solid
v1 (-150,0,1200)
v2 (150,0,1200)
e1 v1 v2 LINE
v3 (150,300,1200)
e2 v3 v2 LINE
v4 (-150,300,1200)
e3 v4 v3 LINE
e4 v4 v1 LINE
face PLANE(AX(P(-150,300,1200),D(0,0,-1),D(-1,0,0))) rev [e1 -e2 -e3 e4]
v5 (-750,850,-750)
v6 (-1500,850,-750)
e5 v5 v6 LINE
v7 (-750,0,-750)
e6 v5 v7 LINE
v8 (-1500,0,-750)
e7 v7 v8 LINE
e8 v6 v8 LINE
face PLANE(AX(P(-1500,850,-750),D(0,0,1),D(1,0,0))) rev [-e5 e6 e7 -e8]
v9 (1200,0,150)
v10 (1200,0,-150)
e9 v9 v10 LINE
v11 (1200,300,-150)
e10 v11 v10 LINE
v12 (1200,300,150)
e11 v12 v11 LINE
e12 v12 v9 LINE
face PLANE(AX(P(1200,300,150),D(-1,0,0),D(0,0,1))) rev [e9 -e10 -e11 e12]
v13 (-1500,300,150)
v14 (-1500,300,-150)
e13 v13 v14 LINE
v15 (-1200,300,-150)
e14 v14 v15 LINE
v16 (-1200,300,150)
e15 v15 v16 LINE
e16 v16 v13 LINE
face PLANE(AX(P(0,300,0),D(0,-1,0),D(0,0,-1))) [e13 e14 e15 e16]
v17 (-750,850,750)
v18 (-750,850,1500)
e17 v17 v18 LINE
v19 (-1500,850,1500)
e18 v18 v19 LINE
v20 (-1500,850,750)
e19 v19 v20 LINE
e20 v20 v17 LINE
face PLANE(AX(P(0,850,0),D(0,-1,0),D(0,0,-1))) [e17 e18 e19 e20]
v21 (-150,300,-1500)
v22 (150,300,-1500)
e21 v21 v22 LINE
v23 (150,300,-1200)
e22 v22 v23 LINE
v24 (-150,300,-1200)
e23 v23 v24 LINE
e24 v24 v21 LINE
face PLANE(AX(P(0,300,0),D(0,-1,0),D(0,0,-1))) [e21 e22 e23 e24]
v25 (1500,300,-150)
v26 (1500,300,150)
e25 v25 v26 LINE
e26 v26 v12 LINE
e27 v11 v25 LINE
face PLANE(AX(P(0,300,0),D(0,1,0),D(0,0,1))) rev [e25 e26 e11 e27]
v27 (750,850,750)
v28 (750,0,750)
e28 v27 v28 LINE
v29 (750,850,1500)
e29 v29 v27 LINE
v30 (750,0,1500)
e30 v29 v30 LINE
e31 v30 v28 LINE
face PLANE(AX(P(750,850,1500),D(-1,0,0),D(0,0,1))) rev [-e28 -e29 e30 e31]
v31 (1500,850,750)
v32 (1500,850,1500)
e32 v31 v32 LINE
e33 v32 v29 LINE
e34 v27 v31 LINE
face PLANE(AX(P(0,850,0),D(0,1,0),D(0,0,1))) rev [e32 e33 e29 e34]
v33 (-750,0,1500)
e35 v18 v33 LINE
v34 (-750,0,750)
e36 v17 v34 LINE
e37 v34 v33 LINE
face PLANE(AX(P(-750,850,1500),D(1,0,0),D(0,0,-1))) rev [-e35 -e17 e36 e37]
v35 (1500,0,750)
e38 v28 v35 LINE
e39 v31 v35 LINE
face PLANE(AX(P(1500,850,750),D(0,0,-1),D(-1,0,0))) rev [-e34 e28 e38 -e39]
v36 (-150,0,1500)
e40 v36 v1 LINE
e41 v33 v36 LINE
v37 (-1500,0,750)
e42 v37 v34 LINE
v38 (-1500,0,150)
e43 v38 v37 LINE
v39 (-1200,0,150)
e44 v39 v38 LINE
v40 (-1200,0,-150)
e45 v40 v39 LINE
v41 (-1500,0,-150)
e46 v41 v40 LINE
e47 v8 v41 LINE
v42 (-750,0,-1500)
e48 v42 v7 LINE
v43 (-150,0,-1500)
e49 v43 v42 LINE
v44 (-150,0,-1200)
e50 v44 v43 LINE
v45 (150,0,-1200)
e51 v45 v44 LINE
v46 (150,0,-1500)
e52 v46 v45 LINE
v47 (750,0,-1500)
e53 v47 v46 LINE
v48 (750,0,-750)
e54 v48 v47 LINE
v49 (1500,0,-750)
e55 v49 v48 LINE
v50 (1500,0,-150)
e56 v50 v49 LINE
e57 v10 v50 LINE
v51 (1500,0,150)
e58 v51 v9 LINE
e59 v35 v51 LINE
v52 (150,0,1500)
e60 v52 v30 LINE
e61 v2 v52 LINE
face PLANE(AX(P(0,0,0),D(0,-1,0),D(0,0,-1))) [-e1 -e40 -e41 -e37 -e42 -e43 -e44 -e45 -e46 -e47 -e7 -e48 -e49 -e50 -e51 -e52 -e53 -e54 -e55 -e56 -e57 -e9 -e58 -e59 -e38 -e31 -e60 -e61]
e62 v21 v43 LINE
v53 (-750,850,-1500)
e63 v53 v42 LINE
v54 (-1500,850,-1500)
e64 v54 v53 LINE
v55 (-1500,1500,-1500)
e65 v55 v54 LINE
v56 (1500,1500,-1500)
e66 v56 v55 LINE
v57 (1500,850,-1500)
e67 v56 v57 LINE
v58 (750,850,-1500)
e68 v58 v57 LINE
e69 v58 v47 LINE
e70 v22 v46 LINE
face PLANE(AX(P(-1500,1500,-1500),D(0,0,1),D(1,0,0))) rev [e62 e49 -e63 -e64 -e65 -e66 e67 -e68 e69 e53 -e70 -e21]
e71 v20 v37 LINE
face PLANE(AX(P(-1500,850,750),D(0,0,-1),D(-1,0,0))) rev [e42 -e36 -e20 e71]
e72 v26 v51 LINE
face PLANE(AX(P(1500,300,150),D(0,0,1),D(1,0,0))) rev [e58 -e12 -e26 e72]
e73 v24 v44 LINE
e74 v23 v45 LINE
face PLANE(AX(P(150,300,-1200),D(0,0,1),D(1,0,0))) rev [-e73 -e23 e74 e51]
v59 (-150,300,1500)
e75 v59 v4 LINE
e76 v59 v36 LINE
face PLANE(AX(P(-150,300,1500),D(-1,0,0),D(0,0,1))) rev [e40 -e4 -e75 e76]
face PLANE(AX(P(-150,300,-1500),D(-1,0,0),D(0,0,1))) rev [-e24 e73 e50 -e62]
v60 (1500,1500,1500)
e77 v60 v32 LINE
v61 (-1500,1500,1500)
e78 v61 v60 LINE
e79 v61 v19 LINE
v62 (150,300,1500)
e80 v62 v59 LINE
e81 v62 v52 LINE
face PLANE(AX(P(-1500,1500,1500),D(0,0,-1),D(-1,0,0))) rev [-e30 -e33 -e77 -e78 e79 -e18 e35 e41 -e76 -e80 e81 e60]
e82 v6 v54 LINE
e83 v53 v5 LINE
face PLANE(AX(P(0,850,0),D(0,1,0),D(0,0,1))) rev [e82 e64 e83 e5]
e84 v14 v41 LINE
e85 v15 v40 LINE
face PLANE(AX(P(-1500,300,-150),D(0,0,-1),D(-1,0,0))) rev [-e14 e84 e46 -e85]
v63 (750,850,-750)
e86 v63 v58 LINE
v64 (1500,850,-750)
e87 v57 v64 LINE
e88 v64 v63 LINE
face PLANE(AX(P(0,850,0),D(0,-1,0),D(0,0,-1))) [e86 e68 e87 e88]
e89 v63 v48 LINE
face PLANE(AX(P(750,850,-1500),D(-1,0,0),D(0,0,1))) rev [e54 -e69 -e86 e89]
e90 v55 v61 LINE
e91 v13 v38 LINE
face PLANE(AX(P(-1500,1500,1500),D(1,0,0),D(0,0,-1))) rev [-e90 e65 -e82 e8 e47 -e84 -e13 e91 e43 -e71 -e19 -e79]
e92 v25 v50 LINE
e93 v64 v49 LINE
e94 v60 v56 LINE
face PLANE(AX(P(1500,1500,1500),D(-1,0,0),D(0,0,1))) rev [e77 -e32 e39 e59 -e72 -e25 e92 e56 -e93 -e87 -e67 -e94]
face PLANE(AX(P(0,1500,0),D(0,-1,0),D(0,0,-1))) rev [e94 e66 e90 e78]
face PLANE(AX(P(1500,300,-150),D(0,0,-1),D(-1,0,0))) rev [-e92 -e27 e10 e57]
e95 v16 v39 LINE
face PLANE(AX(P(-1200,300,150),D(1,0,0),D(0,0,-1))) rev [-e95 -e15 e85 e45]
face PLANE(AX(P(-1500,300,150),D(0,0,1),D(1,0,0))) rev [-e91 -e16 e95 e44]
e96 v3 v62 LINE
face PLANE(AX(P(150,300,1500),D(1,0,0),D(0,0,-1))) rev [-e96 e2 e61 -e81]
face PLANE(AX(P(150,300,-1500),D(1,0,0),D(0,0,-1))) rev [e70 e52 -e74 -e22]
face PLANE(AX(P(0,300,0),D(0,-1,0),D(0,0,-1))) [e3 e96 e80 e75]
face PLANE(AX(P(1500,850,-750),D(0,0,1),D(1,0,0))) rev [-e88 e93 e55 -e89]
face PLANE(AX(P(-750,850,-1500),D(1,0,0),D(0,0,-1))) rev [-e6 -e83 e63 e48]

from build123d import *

# Parameters (mm, degrees)
SKETCH1_W           = 3000
SKETCH1_H           = 3000
BOSS_EXTRUDE1_DEPTH = 1500
SKETCH2_W           = 750
SKETCH2_H           = 750
CUT_EXTRUDE1_DEPTH  = 850
SKETCH4_W           = 300
SKETCH4_H           = 300
CUT_EXTRUDE2_DEPTH  = 300


with BuildPart() as part:
    # Sketch1 → Boss-Extrude1 (new body)
    with BuildSketch(Plane(origin=(0, 0, 0), x_dir=(1, 0, 0), z_dir=(0, 1, 0))):
        Rectangle(SKETCH1_W, SKETCH1_H)
    extrude(amount=BOSS_EXTRUDE1_DEPTH)

    # Sketch2 → Cut-Extrude1 (cut)
    with BuildSketch(Plane.XZ):
        with Locations((-1125, 1125)):
            Rectangle(SKETCH2_W, SKETCH2_H)
        with Locations((1125, 1125)):
            Rectangle(SKETCH2_W, SKETCH2_H)
        with Locations((1125, -1125)):
            Rectangle(SKETCH2_W, SKETCH2_H)
        with Locations((-1125, -1125)):
            Rectangle(SKETCH2_W, SKETCH2_H)
    extrude(amount=-CUT_EXTRUDE1_DEPTH, mode=Mode.SUBTRACT)

    # Sketch4 → Cut-Extrude2 (cut)
    with BuildSketch(Plane.XZ):
        with Locations((0, 1350)):
            Rectangle(SKETCH4_W, SKETCH4_H)
        with Locations((1350, 0)):
            Rectangle(SKETCH4_W, SKETCH4_H)
        with Locations((0, -1350)):
            Rectangle(SKETCH4_W, SKETCH4_H)
        with Locations((-1350, 0)):
            Rectangle(SKETCH4_W, SKETCH4_H)
    extrude(amount=-CUT_EXTRUDE2_DEPTH, mode=Mode.SUBTRACT)


solid = part.part
